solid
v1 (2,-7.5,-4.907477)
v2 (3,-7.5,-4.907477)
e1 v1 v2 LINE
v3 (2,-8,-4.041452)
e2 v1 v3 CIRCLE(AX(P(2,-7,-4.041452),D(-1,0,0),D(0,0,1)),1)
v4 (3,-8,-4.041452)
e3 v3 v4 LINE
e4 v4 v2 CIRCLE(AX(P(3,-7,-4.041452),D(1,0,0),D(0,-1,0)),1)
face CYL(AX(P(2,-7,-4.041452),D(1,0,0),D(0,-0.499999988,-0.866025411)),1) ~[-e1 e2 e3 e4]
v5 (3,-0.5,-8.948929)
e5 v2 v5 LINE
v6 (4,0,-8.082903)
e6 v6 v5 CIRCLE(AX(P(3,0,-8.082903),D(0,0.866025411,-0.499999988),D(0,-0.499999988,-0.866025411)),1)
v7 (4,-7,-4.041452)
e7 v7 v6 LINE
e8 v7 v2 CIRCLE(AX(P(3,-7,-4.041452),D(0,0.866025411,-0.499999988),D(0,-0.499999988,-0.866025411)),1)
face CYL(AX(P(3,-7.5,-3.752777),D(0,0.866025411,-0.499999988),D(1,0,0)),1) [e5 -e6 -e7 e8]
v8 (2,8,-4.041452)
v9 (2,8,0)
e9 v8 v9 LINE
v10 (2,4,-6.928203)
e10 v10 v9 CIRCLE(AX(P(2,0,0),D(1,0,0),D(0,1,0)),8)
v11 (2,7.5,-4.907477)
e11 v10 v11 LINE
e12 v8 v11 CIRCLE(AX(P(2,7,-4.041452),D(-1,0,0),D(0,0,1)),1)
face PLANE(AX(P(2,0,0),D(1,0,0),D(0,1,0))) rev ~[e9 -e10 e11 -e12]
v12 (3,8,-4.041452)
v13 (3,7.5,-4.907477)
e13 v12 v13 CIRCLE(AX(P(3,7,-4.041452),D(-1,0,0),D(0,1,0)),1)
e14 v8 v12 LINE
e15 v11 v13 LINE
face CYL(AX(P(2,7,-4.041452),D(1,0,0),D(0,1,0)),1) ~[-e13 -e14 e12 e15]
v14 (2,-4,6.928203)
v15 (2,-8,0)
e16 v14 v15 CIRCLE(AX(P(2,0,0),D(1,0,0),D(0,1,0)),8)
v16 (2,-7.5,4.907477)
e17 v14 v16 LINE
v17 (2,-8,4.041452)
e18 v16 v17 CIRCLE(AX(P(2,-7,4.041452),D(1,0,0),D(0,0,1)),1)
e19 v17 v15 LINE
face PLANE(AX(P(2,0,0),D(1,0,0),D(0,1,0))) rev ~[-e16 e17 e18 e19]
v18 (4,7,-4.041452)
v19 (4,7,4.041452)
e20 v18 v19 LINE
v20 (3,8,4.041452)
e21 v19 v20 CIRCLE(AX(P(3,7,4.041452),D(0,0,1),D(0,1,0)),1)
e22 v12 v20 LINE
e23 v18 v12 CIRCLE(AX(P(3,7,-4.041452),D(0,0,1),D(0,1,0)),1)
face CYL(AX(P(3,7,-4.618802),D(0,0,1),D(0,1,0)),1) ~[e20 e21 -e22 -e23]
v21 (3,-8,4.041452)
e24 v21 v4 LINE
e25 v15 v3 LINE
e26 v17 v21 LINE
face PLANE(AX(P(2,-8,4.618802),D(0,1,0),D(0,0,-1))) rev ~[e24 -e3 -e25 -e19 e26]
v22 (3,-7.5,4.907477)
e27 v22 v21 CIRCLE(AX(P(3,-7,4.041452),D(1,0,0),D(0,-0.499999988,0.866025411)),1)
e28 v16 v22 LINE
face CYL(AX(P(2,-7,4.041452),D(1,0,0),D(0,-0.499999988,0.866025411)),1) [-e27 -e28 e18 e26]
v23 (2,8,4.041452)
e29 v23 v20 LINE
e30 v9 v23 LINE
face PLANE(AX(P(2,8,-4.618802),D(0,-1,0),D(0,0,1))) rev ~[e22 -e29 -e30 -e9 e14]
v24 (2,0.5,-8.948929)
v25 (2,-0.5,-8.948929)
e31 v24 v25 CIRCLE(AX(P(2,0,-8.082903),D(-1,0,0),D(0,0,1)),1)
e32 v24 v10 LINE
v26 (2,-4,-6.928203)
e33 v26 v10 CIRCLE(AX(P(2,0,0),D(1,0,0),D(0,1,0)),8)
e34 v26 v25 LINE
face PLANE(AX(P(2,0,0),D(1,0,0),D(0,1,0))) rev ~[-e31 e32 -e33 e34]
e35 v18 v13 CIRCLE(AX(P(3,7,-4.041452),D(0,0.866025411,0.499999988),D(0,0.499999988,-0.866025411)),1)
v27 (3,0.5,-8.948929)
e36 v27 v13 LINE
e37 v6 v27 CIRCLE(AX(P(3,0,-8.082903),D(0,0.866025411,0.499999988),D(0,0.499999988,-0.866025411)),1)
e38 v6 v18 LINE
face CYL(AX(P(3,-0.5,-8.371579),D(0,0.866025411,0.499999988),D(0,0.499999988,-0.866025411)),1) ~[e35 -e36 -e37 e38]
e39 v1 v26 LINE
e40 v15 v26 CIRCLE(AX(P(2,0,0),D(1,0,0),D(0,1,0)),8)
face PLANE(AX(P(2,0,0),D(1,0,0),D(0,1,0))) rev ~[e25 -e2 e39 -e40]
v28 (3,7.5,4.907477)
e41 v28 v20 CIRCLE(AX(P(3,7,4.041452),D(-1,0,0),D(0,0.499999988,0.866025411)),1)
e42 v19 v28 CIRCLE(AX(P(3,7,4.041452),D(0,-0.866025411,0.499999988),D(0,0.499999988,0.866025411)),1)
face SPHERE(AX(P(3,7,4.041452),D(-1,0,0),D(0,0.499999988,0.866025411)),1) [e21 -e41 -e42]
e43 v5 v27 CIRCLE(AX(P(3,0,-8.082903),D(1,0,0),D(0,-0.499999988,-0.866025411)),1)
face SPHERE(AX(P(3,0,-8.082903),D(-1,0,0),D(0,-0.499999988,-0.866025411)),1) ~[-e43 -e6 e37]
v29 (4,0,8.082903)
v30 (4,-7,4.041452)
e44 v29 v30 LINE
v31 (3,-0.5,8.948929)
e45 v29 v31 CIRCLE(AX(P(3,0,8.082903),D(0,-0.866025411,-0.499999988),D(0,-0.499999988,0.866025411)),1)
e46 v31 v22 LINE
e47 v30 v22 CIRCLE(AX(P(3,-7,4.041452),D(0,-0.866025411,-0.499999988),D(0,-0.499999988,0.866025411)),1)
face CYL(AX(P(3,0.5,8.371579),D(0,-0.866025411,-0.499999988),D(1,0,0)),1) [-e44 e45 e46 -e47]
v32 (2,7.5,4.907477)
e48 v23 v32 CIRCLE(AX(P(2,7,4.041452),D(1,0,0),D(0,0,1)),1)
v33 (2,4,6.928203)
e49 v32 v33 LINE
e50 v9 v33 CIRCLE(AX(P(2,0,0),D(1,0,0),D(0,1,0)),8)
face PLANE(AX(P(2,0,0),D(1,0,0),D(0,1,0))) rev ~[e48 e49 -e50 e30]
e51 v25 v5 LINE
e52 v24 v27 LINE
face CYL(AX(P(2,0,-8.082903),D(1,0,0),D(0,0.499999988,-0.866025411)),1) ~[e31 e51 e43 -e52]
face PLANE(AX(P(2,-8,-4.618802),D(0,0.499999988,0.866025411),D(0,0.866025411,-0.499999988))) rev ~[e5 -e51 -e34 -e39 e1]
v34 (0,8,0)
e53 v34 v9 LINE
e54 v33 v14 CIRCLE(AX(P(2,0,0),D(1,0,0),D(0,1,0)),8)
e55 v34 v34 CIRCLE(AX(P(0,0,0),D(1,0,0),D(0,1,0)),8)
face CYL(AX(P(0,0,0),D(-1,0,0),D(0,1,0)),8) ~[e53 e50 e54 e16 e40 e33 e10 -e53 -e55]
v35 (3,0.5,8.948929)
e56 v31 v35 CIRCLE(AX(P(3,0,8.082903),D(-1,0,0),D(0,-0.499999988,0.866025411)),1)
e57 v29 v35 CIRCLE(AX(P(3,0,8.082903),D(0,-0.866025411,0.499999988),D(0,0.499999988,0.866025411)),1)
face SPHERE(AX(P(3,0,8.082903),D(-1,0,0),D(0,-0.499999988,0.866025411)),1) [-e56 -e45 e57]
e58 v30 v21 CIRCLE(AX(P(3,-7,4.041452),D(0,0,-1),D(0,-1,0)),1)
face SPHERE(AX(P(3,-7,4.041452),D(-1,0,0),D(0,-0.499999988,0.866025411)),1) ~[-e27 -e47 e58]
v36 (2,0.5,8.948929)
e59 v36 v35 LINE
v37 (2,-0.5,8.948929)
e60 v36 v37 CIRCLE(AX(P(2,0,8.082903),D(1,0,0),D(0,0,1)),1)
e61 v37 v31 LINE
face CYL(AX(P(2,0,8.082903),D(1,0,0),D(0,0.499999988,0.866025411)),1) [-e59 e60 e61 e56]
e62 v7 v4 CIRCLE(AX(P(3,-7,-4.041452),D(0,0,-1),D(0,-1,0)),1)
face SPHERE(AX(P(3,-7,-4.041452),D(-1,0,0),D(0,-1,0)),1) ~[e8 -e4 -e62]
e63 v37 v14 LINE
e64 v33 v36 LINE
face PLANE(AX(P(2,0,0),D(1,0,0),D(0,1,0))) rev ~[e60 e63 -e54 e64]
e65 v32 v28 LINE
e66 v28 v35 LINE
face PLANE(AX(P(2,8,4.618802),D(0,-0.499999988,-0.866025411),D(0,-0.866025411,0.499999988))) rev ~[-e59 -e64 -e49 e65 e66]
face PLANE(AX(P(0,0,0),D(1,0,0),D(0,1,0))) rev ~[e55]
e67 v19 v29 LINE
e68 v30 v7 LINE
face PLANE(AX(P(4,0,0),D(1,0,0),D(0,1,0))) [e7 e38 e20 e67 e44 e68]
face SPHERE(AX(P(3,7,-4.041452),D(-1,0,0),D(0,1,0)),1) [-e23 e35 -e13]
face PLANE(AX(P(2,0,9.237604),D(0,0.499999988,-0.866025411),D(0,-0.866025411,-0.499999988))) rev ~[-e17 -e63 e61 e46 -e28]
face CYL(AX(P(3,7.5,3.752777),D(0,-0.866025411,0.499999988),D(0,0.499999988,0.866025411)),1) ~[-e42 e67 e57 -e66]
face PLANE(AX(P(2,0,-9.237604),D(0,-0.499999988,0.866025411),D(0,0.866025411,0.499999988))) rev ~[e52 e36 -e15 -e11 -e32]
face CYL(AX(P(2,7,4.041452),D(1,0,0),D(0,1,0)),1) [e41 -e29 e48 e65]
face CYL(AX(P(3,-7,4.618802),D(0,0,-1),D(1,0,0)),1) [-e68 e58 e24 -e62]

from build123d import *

# Parameters (mm, degrees)
F0_R     = 8
F1_DEPTH = 2
F3_DEPTH = 2
F4_R     = 1


with BuildPart() as f1:
    # F0 (on Right) → F1 (new body)
    with BuildSketch(Plane.YZ):
        Circle(F0_R)
    extrude(amount=F1_DEPTH)

    # F2 (on face) → F3 (join)
    with BuildSketch(Plane.YZ.offset(2)):
        Polygon((8, -4.618802), (8, 4.618802), (0, 9.237604), (-8, 4.618802), (-8, -4.618802), (0, -9.237604), align=None)
    extrude(amount=F3_DEPTH)

    # F4
    f4_edges = [f1.edges().sort_by_distance(p)[0] for p in [
        (3, 0, 9.237604),
        (3, 8, 4.618802),
        (3, 8, -4.618802),
        (3, -8, 4.618802),
        (3, -8, -4.618802),
        (3, 0, -9.237604),
        (4, -4, 6.928203),
        (4, -8, 0),
        (4, -4, -6.928203),
        (4, 4, 6.928203),
        (4, 8, 0),
        (4, 4, -6.928203),
    ]]
    fillet(f4_edges, radius=F4_R)


solid = f1.part
